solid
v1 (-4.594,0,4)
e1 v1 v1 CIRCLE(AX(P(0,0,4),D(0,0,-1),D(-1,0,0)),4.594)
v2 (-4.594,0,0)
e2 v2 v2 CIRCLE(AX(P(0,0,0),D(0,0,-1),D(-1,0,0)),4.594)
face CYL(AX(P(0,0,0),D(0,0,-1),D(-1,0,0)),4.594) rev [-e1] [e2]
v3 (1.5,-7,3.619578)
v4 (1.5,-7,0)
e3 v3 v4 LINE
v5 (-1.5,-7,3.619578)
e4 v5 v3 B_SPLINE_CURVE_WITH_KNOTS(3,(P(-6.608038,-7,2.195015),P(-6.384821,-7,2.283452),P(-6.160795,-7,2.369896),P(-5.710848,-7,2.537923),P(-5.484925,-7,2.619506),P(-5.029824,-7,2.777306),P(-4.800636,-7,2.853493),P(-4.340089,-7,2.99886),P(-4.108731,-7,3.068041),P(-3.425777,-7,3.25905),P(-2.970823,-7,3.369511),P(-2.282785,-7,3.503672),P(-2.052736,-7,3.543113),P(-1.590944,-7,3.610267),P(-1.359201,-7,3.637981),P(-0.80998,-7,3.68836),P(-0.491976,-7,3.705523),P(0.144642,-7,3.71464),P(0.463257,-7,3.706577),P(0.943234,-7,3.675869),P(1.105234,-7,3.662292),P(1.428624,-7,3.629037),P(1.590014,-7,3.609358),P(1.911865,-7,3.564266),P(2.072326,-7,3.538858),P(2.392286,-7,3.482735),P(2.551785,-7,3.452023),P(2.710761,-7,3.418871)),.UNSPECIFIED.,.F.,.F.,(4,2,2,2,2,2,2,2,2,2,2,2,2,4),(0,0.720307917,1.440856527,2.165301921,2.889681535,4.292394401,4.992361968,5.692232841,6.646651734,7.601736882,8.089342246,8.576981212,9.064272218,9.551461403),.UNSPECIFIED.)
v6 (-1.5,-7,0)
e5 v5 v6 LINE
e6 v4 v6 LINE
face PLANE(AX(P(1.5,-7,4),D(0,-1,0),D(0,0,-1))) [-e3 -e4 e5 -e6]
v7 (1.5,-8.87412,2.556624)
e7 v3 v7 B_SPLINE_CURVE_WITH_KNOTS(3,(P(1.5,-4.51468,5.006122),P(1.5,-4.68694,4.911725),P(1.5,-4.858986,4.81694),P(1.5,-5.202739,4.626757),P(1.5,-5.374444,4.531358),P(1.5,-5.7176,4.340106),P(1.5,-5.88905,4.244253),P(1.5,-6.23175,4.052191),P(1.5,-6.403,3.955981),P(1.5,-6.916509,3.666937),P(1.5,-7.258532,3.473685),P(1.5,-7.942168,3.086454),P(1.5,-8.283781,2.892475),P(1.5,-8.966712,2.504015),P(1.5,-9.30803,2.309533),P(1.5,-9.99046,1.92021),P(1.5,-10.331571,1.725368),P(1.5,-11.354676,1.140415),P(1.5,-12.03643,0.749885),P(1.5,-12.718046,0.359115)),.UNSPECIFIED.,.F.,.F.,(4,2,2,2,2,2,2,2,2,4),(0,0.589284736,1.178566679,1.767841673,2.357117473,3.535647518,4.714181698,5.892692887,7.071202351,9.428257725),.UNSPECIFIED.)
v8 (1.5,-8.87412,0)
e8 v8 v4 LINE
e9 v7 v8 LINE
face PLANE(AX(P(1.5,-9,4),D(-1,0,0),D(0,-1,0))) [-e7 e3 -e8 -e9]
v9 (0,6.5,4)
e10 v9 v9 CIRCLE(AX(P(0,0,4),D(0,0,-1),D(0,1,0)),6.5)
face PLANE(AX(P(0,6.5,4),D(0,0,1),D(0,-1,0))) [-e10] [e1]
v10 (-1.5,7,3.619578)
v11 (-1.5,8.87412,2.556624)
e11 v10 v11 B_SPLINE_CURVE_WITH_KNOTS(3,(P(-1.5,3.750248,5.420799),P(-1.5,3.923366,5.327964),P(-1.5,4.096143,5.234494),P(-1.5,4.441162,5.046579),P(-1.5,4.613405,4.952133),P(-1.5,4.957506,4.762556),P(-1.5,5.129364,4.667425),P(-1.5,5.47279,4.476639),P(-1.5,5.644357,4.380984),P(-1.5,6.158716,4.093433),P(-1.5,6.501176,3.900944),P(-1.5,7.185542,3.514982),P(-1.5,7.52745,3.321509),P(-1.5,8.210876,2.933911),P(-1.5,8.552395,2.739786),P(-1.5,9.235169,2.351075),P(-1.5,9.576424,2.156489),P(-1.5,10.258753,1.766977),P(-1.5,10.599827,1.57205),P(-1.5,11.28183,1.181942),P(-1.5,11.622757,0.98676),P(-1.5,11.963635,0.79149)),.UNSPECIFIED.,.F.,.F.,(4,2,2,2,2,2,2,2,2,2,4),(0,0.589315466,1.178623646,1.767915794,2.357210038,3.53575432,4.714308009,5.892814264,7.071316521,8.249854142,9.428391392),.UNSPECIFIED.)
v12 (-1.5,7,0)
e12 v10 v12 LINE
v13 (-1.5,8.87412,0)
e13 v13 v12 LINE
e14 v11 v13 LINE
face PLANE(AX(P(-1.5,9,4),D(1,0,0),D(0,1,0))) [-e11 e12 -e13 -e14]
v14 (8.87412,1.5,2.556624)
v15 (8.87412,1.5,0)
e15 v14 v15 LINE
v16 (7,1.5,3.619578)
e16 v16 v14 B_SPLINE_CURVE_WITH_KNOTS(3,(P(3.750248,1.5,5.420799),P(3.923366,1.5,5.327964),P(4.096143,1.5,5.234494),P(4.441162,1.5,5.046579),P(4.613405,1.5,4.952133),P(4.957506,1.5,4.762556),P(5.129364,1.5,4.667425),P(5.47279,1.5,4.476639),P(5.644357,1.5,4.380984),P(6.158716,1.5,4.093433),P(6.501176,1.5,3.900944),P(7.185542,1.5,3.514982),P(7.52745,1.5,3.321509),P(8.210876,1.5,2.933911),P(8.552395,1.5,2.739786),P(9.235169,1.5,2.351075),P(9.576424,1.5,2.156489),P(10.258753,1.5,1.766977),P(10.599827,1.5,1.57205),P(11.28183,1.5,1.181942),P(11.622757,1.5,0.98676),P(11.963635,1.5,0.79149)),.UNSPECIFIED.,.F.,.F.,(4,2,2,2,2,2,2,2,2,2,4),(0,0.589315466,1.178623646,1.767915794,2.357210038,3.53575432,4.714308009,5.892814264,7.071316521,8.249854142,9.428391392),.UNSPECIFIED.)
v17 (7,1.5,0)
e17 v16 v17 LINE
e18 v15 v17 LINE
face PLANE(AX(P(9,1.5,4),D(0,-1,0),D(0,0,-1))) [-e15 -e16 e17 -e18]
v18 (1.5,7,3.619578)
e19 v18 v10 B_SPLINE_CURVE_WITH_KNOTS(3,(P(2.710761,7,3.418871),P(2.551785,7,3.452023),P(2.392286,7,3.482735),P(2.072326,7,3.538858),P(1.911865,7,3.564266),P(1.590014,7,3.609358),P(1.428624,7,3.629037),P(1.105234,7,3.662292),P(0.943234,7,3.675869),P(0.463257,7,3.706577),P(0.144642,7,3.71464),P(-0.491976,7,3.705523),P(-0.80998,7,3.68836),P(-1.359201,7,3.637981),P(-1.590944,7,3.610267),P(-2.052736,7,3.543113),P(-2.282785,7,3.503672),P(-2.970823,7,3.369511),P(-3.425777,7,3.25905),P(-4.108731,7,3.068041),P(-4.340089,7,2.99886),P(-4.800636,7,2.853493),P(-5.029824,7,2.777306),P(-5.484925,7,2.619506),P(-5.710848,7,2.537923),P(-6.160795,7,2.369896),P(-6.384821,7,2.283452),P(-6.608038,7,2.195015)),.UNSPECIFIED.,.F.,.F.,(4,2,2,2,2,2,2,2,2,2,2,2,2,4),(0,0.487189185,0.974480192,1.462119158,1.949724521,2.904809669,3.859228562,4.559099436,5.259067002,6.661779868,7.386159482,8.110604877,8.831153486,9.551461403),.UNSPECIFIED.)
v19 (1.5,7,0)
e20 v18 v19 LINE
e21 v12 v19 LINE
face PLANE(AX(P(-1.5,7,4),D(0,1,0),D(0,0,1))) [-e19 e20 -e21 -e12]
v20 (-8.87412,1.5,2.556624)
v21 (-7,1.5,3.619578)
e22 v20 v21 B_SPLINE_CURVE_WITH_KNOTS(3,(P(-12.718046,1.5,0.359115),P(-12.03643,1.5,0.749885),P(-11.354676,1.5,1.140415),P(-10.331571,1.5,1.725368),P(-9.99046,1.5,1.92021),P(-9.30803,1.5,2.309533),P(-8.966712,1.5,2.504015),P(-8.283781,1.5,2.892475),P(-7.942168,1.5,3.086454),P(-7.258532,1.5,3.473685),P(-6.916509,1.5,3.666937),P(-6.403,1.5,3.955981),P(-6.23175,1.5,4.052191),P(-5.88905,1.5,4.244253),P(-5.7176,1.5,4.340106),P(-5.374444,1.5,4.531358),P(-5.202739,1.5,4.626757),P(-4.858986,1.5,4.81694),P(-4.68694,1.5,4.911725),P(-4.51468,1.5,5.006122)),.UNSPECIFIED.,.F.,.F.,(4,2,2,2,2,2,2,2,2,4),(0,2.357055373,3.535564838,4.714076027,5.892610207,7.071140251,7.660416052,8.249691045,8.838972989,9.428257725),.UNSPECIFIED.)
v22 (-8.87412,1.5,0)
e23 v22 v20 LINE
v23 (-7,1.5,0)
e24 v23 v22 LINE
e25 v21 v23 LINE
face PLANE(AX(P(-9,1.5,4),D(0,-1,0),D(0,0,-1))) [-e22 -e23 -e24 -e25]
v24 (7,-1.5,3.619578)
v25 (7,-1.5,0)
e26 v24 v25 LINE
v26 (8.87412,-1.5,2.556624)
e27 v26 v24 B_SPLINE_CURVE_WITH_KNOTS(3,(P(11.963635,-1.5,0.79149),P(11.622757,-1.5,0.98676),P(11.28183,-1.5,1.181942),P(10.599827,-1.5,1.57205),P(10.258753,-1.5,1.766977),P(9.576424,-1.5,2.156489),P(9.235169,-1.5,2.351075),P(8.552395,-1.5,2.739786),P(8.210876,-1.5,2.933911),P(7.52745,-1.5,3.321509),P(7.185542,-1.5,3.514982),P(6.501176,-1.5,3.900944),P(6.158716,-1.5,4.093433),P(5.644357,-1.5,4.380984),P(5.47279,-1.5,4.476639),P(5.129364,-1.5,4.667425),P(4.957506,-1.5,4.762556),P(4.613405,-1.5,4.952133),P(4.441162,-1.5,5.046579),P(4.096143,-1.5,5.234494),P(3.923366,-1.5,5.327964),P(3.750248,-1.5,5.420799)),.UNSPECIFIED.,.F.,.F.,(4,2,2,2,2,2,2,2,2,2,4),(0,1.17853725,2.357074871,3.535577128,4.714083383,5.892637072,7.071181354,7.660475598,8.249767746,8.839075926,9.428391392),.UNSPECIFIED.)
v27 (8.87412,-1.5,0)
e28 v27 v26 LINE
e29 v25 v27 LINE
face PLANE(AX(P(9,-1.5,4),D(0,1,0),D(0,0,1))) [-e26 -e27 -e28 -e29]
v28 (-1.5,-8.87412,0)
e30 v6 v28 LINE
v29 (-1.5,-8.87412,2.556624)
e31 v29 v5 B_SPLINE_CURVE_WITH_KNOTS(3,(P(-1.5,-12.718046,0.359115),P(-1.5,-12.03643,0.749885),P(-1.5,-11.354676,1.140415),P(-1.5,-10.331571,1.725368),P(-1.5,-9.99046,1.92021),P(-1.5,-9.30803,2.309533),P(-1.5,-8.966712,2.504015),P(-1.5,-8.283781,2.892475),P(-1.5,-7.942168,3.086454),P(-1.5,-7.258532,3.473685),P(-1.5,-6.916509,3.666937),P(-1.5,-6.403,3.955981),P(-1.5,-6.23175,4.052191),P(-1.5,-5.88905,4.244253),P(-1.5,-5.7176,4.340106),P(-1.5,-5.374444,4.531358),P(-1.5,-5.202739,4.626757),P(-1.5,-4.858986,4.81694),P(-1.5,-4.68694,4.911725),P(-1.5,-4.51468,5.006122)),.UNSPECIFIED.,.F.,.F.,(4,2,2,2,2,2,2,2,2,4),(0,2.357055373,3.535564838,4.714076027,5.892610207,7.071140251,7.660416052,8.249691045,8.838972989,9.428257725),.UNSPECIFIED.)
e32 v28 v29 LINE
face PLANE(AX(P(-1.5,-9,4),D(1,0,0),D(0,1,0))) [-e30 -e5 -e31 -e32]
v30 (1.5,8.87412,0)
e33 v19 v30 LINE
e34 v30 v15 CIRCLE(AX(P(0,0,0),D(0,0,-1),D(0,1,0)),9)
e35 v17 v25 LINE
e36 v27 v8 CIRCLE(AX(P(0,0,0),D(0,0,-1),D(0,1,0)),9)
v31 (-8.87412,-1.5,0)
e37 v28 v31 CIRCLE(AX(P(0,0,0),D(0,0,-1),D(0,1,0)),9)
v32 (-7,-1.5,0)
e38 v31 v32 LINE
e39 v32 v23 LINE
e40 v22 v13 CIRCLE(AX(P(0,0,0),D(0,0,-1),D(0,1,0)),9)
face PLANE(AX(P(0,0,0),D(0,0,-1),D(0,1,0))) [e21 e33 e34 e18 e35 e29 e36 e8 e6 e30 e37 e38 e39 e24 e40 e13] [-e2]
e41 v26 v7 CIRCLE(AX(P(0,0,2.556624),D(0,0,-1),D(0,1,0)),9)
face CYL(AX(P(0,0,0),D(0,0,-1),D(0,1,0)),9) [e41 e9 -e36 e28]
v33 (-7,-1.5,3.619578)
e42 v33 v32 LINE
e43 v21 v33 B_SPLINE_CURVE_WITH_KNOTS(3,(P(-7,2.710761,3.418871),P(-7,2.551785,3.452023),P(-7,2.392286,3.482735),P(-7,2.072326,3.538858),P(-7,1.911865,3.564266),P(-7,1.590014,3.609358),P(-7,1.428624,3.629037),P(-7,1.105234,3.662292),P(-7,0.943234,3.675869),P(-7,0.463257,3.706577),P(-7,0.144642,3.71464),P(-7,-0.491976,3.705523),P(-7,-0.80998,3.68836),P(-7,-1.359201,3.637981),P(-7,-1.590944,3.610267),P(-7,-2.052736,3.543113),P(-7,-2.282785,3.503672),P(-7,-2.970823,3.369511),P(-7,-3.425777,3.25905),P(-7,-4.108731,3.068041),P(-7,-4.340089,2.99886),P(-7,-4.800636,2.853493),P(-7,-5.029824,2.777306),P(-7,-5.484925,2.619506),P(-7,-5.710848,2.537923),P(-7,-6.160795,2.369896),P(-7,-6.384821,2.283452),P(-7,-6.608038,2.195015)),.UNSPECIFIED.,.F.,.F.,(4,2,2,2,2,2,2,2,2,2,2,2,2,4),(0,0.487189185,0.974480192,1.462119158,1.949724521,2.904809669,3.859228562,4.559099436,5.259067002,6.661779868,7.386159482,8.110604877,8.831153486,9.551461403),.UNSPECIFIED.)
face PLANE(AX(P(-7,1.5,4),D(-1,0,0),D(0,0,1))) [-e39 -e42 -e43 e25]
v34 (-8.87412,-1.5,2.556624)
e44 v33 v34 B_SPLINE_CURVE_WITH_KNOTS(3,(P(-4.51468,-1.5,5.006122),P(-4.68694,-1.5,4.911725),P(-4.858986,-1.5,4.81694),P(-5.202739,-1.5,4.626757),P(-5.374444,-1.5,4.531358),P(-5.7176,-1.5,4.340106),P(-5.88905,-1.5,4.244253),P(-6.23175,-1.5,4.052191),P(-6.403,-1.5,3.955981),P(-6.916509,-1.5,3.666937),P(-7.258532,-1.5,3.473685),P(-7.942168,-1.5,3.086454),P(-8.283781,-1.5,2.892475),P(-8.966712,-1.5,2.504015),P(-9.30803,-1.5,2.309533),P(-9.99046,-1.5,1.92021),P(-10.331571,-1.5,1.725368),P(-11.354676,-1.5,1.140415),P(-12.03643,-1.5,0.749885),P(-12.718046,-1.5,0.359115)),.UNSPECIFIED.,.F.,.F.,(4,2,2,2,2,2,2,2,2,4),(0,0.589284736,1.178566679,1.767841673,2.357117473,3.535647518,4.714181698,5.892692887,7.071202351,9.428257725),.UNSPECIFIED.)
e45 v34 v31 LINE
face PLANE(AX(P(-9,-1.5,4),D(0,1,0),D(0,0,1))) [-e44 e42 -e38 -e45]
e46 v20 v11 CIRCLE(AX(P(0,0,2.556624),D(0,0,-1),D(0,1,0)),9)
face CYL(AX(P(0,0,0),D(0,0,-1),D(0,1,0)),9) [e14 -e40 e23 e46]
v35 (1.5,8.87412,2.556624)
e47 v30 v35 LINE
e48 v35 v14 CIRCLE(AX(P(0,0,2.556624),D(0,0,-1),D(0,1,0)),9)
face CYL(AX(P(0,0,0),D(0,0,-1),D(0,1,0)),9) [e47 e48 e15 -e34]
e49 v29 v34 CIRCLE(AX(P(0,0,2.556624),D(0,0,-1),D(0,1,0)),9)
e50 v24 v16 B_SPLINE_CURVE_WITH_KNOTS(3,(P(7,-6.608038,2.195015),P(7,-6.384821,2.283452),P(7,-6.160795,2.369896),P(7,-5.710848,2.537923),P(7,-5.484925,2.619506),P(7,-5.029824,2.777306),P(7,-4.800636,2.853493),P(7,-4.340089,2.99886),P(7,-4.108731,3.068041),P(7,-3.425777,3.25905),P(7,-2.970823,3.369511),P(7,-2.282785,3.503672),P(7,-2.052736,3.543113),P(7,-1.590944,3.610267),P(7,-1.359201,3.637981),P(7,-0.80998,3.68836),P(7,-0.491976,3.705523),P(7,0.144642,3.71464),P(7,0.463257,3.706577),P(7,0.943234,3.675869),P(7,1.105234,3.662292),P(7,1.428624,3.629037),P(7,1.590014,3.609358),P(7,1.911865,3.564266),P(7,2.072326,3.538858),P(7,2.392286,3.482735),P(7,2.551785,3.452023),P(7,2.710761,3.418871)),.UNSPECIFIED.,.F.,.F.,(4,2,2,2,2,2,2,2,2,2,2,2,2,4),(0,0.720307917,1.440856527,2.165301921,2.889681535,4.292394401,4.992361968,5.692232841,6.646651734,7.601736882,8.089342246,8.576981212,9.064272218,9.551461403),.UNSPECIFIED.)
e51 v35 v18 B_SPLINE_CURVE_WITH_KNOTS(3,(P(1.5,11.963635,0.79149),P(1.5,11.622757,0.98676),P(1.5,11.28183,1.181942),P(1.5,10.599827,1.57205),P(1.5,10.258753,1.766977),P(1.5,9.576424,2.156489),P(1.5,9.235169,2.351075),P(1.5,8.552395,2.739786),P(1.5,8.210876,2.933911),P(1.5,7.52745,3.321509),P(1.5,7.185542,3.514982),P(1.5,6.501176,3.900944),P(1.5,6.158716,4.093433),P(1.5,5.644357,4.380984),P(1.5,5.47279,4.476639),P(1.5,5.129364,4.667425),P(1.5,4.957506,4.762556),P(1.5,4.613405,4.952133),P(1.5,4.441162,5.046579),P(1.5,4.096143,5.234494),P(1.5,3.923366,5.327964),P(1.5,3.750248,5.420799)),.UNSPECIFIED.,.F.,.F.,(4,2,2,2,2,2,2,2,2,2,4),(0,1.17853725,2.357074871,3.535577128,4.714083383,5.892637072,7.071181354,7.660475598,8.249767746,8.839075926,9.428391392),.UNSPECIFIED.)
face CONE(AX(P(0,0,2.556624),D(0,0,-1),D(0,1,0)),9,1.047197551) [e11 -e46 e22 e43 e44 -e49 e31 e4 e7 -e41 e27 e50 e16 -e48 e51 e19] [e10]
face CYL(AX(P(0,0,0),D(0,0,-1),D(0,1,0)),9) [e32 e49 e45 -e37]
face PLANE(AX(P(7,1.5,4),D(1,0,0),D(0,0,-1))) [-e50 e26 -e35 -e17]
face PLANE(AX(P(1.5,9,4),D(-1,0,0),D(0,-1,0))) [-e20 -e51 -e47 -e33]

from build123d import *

# Parameters (mm, degrees)
TAP1_D             = 9.188
SKETCH4_W          = 3
SKETCH4_H          = 2
SKETCH4_W_2        = 2
SKETCH4_H_2        = 3
CUT_EXTRUDE1_DEPTH = 14.341664064


with BuildPart() as part:
    # Sketch1 → Revolve1 (revolve)
    with BuildSketch(Plane(origin=(0, 0, 0), x_dir=(0, 0, -1), z_dir=(1, 0, 0))):
        Polygon((0, 9), (-2.556624327, 9), (-4, 6.5), (-4, 0), (0, 0), align=None)
    revolve(axis=Axis((0, 0, 0), (0, 0, 1)))

    # Tap1 (through all)
    with Locations(Plane(origin=(0, 0, 0), x_dir=(-1, 0, 0), z_dir=(0, 0, -1))):
        with Locations((0, 0)):
            Hole(TAP1_D / 2)

    # Sketch4 → Cut-Extrude1 (cut, through all)
    with BuildSketch(Plane.XY):
        with Locations((0, 8)):
            Rectangle(SKETCH4_W, SKETCH4_H)
        with Locations((-8, 0)):
            Rectangle(SKETCH4_W_2, SKETCH4_H_2)
        with Locations((8, 0)):
            Rectangle(SKETCH4_W_2, SKETCH4_H_2)
        with Locations((0, -8)):
            Rectangle(SKETCH4_W, SKETCH4_H)
    extrude(amount=CUT_EXTRUDE1_DEPTH, mode=Mode.SUBTRACT)


solid = part.part
